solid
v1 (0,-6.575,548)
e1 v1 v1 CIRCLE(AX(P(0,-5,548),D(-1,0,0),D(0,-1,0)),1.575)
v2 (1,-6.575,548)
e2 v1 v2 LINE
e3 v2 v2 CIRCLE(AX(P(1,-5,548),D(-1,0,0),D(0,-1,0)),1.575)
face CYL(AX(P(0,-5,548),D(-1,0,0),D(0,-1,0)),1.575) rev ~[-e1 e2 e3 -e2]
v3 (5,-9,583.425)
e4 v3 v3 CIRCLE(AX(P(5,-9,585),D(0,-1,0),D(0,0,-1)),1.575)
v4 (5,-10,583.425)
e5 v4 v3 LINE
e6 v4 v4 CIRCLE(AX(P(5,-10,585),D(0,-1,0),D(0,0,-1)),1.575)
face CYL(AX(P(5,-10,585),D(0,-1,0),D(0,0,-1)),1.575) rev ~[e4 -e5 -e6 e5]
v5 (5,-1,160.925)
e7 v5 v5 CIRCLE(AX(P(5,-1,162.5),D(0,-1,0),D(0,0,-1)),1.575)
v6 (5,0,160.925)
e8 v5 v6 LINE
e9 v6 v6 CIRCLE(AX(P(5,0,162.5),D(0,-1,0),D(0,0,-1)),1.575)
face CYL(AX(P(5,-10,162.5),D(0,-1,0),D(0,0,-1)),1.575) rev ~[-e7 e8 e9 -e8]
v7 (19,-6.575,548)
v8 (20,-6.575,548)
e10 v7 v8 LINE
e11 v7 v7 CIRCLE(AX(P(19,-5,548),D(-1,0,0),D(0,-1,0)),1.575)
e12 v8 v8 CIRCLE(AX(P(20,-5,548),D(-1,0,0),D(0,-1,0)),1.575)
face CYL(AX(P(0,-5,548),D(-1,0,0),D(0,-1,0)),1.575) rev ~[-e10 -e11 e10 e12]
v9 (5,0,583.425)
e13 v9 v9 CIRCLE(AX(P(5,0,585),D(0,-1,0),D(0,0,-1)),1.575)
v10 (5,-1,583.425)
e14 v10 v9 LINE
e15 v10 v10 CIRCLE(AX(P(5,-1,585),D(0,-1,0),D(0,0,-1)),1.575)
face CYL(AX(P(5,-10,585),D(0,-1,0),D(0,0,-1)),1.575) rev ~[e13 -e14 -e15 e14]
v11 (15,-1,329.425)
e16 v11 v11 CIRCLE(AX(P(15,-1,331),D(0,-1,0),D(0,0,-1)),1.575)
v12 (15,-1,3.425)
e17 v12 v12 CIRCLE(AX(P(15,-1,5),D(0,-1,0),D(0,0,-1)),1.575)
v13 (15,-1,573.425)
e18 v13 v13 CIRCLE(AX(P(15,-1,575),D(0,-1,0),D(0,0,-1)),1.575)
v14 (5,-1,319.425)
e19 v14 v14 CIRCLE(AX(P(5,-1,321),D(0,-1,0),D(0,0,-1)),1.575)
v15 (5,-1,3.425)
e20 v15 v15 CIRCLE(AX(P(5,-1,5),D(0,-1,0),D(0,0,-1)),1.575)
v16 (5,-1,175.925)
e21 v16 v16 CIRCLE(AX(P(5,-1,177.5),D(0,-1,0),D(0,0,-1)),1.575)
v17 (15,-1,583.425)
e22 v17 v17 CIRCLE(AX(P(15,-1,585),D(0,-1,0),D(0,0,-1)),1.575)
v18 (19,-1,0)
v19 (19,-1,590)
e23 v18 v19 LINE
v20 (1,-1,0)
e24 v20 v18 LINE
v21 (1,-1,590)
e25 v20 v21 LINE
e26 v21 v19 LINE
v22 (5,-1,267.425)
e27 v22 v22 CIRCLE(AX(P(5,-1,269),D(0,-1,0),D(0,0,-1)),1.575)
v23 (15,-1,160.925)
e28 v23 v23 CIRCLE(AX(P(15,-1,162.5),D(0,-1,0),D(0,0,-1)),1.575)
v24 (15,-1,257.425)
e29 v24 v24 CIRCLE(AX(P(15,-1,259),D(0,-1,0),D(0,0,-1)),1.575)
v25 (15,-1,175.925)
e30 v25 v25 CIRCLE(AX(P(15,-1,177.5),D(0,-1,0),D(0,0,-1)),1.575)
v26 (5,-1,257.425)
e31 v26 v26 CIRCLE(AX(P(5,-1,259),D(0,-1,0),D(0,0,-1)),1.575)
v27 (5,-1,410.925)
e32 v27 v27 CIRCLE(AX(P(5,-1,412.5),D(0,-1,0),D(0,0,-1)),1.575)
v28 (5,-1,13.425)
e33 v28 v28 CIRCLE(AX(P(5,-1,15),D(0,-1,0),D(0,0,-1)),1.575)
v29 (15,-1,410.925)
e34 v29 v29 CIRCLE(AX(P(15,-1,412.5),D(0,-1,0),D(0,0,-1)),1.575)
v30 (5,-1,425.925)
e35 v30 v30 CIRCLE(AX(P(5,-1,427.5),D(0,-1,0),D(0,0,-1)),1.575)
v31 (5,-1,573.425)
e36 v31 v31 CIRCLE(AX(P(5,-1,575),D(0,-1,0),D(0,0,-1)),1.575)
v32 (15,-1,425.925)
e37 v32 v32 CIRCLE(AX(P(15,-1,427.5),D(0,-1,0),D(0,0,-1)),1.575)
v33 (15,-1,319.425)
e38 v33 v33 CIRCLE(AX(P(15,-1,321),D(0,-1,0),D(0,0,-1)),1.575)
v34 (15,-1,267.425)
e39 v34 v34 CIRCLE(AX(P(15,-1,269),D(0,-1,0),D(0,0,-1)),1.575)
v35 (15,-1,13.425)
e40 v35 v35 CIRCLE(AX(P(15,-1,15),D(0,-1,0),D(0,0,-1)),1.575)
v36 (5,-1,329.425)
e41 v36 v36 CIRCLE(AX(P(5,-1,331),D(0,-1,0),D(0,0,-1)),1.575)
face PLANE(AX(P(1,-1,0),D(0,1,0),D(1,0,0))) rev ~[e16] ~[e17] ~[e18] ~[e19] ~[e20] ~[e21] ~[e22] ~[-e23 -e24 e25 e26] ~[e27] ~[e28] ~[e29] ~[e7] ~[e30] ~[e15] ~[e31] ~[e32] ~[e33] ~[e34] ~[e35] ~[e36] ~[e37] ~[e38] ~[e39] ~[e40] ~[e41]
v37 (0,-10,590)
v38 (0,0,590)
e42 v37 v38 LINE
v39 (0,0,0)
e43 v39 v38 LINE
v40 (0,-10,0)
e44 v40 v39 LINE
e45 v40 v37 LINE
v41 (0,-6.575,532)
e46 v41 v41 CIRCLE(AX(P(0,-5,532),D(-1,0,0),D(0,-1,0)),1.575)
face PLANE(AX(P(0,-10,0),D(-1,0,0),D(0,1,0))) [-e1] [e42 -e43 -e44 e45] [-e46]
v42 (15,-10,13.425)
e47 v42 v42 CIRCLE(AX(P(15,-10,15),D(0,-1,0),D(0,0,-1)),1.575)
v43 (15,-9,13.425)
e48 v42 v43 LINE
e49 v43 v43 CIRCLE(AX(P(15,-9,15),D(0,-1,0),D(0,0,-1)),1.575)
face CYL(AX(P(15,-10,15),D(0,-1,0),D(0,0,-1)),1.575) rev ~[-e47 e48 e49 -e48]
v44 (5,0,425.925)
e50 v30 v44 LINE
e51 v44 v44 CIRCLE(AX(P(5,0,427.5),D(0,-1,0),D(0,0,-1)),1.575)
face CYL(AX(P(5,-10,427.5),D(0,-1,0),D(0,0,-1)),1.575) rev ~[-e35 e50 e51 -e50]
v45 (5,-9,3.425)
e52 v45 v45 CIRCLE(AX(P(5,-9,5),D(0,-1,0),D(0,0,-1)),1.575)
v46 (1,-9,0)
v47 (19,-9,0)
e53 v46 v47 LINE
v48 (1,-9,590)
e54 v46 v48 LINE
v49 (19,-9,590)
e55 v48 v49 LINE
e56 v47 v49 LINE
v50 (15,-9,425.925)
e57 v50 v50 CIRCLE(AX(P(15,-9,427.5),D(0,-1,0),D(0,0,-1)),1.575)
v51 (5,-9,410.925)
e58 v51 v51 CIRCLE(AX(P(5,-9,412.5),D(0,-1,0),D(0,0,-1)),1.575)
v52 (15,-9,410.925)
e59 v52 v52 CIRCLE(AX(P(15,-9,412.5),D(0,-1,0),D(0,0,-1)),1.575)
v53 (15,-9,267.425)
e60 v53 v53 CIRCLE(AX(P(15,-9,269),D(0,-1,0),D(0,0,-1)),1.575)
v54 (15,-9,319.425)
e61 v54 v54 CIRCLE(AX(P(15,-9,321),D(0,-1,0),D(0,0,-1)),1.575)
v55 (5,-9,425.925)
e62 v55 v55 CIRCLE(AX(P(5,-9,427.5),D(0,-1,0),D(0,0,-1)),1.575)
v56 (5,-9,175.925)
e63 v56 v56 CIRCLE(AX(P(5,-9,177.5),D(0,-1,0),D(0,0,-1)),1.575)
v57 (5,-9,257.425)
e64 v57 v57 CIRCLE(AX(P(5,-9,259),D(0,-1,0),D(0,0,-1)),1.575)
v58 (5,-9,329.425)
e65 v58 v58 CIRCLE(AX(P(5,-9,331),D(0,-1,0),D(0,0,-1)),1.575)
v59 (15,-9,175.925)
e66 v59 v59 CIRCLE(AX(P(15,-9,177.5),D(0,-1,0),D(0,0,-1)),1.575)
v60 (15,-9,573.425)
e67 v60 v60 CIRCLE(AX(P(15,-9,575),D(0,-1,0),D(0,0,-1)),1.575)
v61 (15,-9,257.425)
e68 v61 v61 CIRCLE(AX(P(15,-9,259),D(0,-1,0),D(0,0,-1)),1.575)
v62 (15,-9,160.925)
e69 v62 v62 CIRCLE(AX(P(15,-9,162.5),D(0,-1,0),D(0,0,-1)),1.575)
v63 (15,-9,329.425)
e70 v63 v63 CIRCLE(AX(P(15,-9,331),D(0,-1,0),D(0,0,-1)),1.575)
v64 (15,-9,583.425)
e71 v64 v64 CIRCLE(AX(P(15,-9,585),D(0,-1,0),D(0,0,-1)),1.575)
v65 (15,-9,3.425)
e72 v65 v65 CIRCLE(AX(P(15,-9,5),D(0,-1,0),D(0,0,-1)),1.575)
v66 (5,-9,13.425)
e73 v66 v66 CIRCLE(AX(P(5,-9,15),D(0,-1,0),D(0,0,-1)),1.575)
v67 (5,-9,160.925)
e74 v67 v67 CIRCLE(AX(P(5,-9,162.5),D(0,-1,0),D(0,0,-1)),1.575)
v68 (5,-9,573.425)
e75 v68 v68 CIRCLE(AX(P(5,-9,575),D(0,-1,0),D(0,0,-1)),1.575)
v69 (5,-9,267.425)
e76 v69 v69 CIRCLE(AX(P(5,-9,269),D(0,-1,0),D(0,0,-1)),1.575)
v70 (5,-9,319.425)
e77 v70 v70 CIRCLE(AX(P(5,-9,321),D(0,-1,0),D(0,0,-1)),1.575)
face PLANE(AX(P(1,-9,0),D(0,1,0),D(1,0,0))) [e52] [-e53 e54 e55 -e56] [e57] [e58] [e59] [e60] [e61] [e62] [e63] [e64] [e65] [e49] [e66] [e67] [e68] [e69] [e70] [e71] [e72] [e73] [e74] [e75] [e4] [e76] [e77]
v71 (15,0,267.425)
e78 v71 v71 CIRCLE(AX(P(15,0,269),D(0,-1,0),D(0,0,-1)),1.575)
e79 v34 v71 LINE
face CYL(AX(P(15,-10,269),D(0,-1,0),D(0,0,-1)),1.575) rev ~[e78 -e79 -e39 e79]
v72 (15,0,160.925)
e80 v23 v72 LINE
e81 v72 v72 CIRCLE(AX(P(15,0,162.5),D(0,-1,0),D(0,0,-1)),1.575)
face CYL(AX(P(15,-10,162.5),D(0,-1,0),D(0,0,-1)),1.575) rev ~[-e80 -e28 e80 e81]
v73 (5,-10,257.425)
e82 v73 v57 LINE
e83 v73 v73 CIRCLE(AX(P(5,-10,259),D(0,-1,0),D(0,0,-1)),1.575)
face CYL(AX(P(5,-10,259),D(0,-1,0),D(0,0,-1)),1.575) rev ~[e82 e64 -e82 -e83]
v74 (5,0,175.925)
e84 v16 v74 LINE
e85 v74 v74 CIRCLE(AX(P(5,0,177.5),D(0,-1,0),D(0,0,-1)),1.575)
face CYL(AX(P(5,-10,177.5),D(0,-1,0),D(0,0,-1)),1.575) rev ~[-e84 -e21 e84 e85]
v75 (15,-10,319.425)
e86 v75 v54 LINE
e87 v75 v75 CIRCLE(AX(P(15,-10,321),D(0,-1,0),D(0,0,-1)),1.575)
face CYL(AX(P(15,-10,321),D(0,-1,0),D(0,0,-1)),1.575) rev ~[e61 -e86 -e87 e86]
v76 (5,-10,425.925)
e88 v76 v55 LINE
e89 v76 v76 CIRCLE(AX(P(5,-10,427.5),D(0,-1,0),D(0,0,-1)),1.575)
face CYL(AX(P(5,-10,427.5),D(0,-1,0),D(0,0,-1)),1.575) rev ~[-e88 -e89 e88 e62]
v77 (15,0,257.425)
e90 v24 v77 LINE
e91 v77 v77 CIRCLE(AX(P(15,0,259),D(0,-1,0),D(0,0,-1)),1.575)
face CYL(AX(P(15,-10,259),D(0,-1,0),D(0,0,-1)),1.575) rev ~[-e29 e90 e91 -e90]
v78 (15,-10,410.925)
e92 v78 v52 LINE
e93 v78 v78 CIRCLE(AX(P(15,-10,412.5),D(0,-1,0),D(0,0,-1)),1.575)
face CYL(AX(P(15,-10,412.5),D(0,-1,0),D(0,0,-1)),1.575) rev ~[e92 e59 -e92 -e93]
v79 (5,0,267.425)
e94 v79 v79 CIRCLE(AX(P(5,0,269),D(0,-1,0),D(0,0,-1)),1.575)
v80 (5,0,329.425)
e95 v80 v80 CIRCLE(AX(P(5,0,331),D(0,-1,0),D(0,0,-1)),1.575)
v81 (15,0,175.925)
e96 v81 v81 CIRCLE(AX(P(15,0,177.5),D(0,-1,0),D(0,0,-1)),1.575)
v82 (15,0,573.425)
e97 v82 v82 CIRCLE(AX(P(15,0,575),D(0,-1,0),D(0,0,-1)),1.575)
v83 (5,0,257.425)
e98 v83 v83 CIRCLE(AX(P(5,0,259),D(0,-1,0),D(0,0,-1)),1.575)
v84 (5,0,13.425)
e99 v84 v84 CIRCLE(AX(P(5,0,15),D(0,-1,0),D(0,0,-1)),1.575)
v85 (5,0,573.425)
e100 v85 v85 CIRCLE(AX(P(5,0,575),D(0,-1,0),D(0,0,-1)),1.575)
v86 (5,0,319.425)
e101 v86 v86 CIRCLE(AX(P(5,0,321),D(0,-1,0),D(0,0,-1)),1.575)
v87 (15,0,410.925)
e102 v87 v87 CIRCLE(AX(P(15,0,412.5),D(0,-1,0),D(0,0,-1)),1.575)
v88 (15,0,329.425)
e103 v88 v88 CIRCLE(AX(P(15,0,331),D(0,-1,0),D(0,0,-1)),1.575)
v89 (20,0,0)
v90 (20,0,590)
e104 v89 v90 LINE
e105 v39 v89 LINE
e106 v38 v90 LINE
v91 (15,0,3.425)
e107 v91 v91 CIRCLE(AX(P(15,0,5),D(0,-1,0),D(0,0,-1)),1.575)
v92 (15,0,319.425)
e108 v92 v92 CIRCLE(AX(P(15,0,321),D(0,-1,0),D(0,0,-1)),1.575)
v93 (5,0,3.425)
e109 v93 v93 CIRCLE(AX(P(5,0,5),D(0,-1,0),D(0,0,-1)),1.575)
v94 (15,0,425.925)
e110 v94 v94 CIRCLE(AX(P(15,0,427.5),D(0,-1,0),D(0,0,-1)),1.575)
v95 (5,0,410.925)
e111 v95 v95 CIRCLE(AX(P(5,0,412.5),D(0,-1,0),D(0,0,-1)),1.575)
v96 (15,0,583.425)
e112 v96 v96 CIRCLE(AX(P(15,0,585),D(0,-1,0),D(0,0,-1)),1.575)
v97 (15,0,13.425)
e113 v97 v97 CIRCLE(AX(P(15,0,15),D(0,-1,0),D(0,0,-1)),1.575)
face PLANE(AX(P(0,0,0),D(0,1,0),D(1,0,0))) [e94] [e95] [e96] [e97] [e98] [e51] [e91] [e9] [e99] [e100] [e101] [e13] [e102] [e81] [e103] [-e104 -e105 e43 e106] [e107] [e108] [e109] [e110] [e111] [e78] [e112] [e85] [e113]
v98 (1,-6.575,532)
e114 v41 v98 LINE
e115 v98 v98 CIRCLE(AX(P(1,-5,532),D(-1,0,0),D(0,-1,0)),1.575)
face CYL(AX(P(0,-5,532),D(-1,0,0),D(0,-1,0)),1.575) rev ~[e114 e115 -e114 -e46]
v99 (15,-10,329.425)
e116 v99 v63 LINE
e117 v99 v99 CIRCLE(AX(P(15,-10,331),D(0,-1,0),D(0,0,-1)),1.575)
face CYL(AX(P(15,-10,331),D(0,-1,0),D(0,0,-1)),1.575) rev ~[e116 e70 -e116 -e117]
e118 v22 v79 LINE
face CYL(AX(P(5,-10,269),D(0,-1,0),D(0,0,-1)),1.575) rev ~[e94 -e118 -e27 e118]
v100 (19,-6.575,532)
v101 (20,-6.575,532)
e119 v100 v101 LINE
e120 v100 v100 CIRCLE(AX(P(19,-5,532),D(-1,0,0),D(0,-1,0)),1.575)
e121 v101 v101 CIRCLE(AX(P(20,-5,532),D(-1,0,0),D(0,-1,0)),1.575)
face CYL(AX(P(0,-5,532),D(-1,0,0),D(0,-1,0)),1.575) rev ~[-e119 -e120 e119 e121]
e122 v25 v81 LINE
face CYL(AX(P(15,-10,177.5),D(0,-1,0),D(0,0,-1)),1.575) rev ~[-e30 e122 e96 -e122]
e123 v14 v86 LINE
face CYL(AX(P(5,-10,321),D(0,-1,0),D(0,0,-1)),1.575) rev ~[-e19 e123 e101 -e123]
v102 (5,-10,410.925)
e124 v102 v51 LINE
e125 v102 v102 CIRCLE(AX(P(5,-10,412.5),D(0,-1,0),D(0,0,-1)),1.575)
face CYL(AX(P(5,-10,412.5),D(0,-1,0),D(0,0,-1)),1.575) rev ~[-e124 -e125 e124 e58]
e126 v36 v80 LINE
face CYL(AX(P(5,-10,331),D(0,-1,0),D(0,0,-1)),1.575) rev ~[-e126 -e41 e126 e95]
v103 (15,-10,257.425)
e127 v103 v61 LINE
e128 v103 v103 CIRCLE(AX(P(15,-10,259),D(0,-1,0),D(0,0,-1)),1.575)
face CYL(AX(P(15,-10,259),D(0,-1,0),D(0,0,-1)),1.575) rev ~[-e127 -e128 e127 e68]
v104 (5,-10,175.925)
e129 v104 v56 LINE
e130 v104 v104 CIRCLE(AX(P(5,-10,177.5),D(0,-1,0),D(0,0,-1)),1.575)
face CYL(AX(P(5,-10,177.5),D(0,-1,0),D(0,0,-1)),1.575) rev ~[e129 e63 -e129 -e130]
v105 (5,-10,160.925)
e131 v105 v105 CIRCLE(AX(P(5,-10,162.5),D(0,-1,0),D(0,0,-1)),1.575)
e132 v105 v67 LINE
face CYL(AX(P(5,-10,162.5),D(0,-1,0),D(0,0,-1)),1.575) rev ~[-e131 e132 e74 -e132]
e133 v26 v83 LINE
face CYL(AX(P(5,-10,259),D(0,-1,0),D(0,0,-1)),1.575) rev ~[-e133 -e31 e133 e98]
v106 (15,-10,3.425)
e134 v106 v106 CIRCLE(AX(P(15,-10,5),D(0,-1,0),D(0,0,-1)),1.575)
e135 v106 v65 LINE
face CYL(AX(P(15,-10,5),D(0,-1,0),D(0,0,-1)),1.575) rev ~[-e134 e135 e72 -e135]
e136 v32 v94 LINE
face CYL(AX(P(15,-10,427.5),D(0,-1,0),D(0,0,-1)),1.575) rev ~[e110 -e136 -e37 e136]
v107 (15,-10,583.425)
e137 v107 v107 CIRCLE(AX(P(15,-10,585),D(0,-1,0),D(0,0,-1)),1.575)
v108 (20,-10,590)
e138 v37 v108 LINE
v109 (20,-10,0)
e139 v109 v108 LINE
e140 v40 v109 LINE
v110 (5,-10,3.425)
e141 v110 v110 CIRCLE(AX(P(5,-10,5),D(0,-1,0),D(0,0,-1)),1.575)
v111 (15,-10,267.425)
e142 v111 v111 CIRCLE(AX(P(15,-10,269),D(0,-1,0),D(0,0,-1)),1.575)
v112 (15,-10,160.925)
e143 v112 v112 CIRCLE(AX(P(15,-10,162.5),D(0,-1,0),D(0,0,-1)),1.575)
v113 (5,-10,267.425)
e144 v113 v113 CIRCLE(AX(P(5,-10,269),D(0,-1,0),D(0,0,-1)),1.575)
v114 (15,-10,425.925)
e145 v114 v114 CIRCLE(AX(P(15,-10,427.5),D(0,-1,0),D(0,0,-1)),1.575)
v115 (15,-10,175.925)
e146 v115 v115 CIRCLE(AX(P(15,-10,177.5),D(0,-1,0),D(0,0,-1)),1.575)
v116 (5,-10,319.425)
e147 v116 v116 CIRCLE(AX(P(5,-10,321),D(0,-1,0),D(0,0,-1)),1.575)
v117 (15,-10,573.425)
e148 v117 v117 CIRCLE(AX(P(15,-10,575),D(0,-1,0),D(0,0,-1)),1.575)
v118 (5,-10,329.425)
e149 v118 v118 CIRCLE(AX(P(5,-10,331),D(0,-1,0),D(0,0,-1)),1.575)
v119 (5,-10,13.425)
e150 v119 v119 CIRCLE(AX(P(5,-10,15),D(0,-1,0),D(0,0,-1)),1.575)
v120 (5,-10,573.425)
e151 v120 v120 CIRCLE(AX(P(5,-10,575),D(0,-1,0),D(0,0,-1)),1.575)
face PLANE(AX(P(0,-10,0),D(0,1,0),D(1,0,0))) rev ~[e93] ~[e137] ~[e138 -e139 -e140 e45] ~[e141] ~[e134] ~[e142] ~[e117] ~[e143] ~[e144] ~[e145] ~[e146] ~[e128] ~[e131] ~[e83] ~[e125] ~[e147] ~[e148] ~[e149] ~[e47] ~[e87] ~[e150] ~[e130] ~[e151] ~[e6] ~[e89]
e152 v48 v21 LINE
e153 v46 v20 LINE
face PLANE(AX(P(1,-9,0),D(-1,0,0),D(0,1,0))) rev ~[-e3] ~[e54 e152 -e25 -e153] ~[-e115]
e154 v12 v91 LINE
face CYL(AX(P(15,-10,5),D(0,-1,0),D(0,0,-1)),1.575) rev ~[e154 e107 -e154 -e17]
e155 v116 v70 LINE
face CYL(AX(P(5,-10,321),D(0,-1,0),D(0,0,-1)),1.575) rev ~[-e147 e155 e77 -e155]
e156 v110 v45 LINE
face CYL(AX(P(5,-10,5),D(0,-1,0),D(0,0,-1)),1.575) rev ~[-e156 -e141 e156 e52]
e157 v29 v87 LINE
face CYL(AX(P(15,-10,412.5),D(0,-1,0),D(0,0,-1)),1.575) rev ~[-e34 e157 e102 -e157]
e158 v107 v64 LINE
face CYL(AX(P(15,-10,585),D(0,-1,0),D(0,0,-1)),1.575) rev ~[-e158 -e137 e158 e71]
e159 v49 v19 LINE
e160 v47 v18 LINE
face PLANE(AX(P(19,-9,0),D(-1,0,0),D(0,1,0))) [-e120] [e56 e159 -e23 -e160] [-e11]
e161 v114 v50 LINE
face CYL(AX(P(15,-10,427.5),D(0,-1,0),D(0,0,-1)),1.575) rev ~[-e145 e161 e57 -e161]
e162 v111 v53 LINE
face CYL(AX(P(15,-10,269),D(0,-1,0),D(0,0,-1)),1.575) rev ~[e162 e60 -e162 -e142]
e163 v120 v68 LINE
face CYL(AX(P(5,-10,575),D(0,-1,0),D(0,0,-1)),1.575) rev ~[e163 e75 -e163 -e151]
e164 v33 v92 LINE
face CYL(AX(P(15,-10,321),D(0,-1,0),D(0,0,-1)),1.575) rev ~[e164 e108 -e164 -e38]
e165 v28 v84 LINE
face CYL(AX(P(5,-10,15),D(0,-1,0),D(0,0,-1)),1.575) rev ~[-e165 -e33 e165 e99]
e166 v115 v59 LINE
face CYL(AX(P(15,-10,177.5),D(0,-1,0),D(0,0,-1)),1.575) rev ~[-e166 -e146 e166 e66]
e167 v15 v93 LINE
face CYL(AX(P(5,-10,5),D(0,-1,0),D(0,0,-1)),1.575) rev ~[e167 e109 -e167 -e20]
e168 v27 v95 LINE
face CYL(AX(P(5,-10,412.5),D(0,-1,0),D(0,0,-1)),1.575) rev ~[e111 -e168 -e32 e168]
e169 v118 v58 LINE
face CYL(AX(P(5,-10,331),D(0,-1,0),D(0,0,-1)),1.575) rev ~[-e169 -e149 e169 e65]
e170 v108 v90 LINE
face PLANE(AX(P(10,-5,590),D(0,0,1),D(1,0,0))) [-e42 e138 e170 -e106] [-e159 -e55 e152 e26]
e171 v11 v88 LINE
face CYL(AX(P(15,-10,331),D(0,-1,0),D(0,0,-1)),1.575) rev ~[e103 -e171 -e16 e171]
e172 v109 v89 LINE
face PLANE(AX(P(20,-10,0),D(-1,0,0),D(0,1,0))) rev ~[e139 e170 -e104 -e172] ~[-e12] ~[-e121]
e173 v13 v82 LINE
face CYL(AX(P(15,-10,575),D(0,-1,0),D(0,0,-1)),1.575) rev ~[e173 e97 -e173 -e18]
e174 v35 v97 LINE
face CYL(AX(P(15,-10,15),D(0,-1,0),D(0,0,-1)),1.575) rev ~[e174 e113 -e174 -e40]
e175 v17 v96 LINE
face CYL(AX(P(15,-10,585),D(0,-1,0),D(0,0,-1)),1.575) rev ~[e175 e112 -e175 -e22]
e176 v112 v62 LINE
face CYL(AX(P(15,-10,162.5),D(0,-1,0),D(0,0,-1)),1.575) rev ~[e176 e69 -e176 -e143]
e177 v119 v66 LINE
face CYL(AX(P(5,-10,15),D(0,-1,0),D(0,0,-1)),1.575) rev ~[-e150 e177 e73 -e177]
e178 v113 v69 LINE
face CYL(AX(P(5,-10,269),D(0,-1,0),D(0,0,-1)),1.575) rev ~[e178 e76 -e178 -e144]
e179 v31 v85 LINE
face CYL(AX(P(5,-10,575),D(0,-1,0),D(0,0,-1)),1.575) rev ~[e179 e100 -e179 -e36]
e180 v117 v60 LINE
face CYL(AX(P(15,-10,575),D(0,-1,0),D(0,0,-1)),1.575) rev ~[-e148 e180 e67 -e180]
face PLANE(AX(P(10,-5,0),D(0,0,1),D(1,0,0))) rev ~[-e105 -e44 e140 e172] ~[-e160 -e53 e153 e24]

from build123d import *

# Parameters (mm, degrees)
SKETCH_1_W          = 20
SKETCH_1_H          = 10
SKETCH_1_W_2        = 18
SKETCH_1_H_2        = 8
EXTRUDE_1_DEPTH     = 590
SKETCH_2_R          = 1.575
CUT_EXTRUDE_1_DEPTH = 591.423576765
SKETCH_3_R          = 1.575
CUT_EXTRUDE_2_DEPTH = 591.423576765


with BuildPart() as part:
    # 草图1 → 拉伸-薄壁1 (new body)
    with BuildSketch(Plane.XY):
        with Locations((10, -5)):
            Rectangle(SKETCH_1_W, SKETCH_1_H)
        with Locations((10, -5)):
            Rectangle(SKETCH_1_W_2, SKETCH_1_H_2, mode=Mode.SUBTRACT)
    extrude(amount=EXTRUDE_1_DEPTH)

    # 草图2 → 切除-拉伸1 (cut, through all)
    with BuildSketch(Plane.XZ.offset(10)):
        with Locations(Location((5, 412.5, 0), (0, 0, 270))):
            Circle(SKETCH_2_R)
        with Locations(Location((15, 412.5, 0), (0, 0, 270))):
            Circle(SKETCH_2_R)
        with Locations(Location((15, 427.5, 0), (0, 0, 270))):
            Circle(SKETCH_2_R)
        with Locations(Location((5, 427.5, 0), (0, 0, 270))):
            Circle(SKETCH_2_R)
        with Locations(Location((5, 162.5, 0), (0, 0, 270))):
            Circle(SKETCH_2_R)
        with Locations(Location((15, 162.5, 0), (0, 0, 270))):
            Circle(SKETCH_2_R)
        with Locations(Location((15, 177.5, 0), (0, 0, 270))):
            Circle(SKETCH_2_R)
        with Locations(Location((5, 177.5, 0), (0, 0, 270))):
            Circle(SKETCH_2_R)
        with Locations(Location((5, 585, 0), (0, 0, 270))):
            Circle(SKETCH_2_R)
        with Locations(Location((15, 585, 0), (0, 0, 270))):
            Circle(SKETCH_2_R)
        with Locations(Location((15, 575, 0), (0, 0, 270))):
            Circle(SKETCH_2_R)
        with Locations(Location((5, 575, 0), (0, 0, 270))):
            Circle(SKETCH_2_R)
        with Locations(Location((5, 15, 0), (0, 0, 270))):
            Circle(SKETCH_2_R)
        with Locations(Location((15, 15, 0), (0, 0, 270))):
            Circle(SKETCH_2_R)
        with Locations(Location((15, 5, 0), (0, 0, 270))):
            Circle(SKETCH_2_R)
        with Locations(Location((5, 5, 0), (0, 0, 270))):
            Circle(SKETCH_2_R)
        with Locations(Location((5, 331, 0), (0, 0, 270))):
            Circle(SKETCH_2_R)
        with Locations(Location((15, 331, 0), (0, 0, 270))):
            Circle(SKETCH_2_R)
        with Locations(Location((5, 321, 0), (0, 0, 270))):
            Circle(SKETCH_2_R)
        with Locations(Location((15, 321, 0), (0, 0, 270))):
            Circle(SKETCH_2_R)
        with Locations(Location((15, 269, 0), (0, 0, 270))):
            Circle(SKETCH_2_R)
        with Locations(Location((5, 269, 0), (0, 0, 270))):
            Circle(SKETCH_2_R)
        with Locations(Location((15, 259, 0), (0, 0, 270))):
            Circle(SKETCH_2_R)
        with Locations(Location((5, 259, 0), (0, 0, 270))):
            Circle(SKETCH_2_R)
    extrude(amount=-CUT_EXTRUDE_1_DEPTH, mode=Mode.SUBTRACT)

    # 草图3 → 切除-拉伸2 (cut, through all)
    with BuildSketch(Plane.ZY):
        with Locations(Location((548, -5, 0), (0, 0, 270))):
            Circle(SKETCH_3_R)
        with Locations(Location((532, -5, 0), (0, 0, 270))):
            Circle(SKETCH_3_R)
    extrude(amount=-CUT_EXTRUDE_2_DEPTH, mode=Mode.SUBTRACT)


solid = part.part
